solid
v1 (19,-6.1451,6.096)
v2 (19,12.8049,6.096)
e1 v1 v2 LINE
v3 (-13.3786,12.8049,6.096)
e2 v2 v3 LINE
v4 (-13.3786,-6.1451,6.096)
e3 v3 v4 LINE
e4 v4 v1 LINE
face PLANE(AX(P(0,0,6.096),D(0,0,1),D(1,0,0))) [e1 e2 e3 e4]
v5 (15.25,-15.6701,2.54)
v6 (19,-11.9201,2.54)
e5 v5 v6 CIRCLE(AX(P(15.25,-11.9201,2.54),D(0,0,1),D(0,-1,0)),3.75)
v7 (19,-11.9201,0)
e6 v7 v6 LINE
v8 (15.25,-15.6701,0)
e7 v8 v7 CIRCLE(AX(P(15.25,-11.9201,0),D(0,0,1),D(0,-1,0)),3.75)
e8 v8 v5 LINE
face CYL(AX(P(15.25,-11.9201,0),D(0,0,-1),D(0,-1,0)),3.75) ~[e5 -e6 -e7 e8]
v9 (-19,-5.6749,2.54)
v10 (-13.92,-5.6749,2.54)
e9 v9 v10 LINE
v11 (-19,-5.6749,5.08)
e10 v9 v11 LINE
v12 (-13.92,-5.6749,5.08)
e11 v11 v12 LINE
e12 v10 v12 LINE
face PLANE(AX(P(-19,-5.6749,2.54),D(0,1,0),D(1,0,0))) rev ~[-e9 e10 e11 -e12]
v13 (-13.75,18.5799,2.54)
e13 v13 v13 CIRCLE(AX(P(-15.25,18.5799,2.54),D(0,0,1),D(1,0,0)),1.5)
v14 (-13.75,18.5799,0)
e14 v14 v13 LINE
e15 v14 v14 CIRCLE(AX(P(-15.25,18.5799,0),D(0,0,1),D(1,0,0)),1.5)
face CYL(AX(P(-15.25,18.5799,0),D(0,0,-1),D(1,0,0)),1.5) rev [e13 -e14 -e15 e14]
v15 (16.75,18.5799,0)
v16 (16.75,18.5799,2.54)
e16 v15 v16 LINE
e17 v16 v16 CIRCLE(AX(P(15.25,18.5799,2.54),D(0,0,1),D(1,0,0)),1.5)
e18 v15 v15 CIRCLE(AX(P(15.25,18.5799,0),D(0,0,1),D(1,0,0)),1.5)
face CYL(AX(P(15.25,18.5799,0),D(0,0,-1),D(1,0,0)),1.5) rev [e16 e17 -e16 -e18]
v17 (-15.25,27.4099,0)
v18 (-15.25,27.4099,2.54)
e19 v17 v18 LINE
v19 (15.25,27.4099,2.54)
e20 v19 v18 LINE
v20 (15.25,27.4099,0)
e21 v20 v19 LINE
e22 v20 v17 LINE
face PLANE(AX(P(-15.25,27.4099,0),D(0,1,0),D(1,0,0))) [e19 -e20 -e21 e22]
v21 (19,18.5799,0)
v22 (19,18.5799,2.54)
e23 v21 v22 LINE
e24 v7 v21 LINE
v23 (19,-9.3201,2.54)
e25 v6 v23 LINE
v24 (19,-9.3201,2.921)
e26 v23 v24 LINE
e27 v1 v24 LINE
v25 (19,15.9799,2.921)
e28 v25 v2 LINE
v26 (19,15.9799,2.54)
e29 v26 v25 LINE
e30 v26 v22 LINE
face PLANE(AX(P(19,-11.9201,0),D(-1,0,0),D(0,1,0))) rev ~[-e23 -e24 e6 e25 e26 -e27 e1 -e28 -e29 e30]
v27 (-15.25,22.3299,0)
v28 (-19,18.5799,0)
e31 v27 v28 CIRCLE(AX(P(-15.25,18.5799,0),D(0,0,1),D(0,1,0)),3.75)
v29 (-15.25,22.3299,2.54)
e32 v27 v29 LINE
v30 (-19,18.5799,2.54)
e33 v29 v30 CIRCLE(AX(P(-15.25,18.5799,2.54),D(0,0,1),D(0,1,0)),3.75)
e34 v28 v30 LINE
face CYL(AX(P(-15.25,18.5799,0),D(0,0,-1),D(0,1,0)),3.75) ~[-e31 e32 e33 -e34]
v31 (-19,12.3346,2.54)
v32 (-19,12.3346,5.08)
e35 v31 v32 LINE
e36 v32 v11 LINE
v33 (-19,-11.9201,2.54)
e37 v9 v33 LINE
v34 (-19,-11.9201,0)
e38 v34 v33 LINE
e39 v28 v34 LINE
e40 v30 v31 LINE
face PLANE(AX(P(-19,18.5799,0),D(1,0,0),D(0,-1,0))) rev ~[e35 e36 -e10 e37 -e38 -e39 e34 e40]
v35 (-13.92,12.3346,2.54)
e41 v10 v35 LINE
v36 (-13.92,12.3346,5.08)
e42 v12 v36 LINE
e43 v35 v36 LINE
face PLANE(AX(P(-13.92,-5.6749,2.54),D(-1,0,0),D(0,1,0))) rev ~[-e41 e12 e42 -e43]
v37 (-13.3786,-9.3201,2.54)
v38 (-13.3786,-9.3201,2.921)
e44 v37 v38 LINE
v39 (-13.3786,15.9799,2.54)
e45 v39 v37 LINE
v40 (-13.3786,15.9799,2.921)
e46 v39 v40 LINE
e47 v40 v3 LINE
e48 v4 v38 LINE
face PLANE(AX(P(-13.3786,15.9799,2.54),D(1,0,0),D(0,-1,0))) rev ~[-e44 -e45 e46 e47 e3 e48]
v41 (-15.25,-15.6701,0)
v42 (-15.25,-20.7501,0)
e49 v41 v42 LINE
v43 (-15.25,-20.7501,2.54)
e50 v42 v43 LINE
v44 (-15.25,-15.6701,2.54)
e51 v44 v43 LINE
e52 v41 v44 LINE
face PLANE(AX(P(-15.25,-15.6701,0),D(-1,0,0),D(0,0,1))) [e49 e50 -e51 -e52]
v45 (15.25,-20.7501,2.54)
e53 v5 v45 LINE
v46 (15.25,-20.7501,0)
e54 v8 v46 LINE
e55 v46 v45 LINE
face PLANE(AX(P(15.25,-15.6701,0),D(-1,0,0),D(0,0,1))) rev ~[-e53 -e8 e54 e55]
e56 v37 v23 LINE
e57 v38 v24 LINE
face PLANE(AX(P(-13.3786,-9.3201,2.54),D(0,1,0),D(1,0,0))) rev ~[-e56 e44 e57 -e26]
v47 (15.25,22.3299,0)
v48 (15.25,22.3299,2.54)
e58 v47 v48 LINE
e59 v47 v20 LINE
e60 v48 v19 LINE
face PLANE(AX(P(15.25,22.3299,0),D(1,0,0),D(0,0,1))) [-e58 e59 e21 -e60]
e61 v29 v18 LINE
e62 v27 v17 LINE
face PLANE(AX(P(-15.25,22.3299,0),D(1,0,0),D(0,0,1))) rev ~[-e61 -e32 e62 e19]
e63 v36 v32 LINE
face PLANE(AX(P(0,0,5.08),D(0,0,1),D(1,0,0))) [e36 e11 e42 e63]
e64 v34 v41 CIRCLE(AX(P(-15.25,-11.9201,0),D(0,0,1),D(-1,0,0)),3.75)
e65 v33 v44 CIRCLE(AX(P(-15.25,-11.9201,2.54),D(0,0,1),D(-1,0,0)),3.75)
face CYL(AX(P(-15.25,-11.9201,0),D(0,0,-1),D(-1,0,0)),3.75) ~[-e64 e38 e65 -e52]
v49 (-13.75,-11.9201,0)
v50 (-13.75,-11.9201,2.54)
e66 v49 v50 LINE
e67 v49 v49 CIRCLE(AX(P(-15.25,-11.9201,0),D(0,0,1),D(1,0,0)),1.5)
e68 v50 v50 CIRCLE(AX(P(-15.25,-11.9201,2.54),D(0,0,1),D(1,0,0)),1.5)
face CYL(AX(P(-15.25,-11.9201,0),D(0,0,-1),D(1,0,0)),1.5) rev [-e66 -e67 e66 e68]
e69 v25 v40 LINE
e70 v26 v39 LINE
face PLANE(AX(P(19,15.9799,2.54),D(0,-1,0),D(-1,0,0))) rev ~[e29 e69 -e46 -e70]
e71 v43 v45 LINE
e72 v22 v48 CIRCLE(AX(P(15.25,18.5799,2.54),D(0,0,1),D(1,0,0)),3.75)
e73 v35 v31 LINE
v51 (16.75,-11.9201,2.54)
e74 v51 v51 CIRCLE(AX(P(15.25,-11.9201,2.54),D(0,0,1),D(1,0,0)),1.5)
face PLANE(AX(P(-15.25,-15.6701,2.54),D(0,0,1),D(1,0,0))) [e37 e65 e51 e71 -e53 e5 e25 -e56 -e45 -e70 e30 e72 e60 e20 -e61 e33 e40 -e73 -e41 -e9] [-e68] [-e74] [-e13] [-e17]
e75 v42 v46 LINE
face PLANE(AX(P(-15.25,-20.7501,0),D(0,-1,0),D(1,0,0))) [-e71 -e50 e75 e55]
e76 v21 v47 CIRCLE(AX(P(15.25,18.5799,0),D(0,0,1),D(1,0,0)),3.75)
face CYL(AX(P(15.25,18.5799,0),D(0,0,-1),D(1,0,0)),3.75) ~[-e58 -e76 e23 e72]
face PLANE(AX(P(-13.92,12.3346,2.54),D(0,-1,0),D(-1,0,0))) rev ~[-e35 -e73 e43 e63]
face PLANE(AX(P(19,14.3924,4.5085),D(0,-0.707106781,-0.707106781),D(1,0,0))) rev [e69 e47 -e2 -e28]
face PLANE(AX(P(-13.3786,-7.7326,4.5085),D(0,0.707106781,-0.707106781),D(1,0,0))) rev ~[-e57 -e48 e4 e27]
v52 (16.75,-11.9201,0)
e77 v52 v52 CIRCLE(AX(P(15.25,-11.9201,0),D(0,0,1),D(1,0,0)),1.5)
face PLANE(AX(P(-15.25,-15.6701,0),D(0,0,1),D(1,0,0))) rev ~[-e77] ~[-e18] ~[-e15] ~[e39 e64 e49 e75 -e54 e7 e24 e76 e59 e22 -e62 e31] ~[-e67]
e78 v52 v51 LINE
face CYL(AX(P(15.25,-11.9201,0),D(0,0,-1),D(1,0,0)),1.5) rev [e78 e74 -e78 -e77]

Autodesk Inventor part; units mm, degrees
ref_plane "YZ Plane" through (0, 0, 0) normal (1, 0, 0) x (0, 1, 0)
ref_plane "XZ Plane" through (0, 0, 0) normal (0, 1, 0) x (-1, 0, 0)
ref_plane "XY Plane" through (0, 0, 0) normal (0, 0, 1) x (1, 0, 0)
sketch "Sketch1" plane through (0, 0, 0) normal (0, 0, 1) x (1, 0, 0)
  arc A0 (15.6734, 13.8392) -> (14.75, 12.1537) centre (16.75, 12.1537) ccw construction
  line L0 (15.6734, 13.8392) -> (18.0766, 15.3743) construction
  arc A1 (18.0766, 15.3743) -> (19, 17.0598) centre (17, 17.0598) ccw construction
  line L1 (19, 17.0598) -> (19, 30.7058) construction
  arc A2 (24.5861, 42.384) -> (19, 30.7058) centre (34, 30.7058) ccw construction
  line L2 (24.5861, 42.384) -> (28.2876, 45.3677) construction
  arc A3 (28.2876, 45.3677) -> (28.7404, 49.5861) centre (26.4048, 47.7034) ccw construction
  line L3 (28.7404, 49.5861) -> (26.2301, 52.7003) construction
  arc A4 (26.2301, 52.7003) -> (22.0117, 53.1532) centre (23.8944, 50.8175) ccw construction
  line L4 (22.0117, 53.1532) -> (11.4653, 44.6517) construction
  arc A5 (2.0515, 41.3299) -> (11.4653, 44.6517) centre (2.0515, 56.3299) ccw construction
  line L5 (2.0515, 41.3299) -> (-2.0515, 41.3299) construction
  arc A6 (-11.4653, 44.6517) -> (-2.0515, 41.3299) centre (-2.0515, 56.3299) ccw construction
  line L6 (-11.4653, 44.6517) -> (-22.0117, 53.1532) construction
  arc A7 (-22.0117, 53.1532) -> (-26.2301, 52.7003) centre (-23.8944, 50.8175) ccw construction
  line L7 (-26.2301, 52.7003) -> (-28.7404, 49.5861) construction
  arc A8 (-28.7404, 49.5861) -> (-28.2876, 45.3677) centre (-26.4048, 47.7034) ccw construction
  line L8 (-28.2876, 45.3677) -> (-24.5861, 42.384) construction
  arc A9 (-19, 30.7058) -> (-24.5861, 42.384) centre (-34, 30.7058) ccw construction
  line L9 (-19, 30.7058) -> (-19, 17.0598) construction
  arc A10 (-19, 17.0598) -> (-18.0766, 15.3743) centre (-17, 17.0598) ccw construction
  line L10 (-18.0766, 15.3743) -> (-15.6734, 13.8392) construction
  arc A11 (-14.75, 12.1537) -> (-15.6734, 13.8392) centre (-16.75, 12.1537) ccw construction
  line L11 (-14.75, 12.1537) -> (-14.75, -5.494) construction
  arc A12 (-15.6734, -7.1795) -> (-14.75, -5.494) centre (-16.75, -5.494) ccw construction
  line L12 (-15.6734, -7.1795) -> (-18.0766, -8.7146) construction
  arc A13 (-18.0766, -8.7146) -> (-19, -10.4001) centre (-17, -10.4001) ccw construction
  line L13 (-19, -10.4001) -> (-19, -30.7058) construction
  arc A14 (-24.5861, -42.384) -> (-19, -30.7058) centre (-34, -30.7058) ccw construction
  line L14 (-24.5861, -42.384) -> (-28.2876, -45.3677) construction
  arc A15 (-28.2876, -45.3677) -> (-28.7404, -49.5861) centre (-26.4048, -47.7034) ccw construction
  line L15 (-28.7404, -49.5861) -> (-26.2301, -52.7003) construction
  arc A16 (-26.2301, -52.7003) -> (-22.0117, -53.1532) centre (-23.8944, -50.8175) ccw construction
  line L16 (-22.0117, -53.1532) -> (-11.4653, -44.6517) construction
  arc A17 (-2.0515, -41.3299) -> (-11.4653, -44.6517) centre (-2.0515, -56.3299) ccw construction
  line L17 (-2.0515, -41.3299) -> (2.0515, -41.3299) construction
  arc A18 (11.4653, -44.6517) -> (2.0515, -41.3299) centre (2.0515, -56.3299) ccw construction
  line L18 (11.4653, -44.6517) -> (22.0117, -53.1532) construction
  arc A19 (22.0117, -53.1532) -> (26.2301, -52.7003) centre (23.8944, -50.8175) ccw construction
  line L19 (26.2301, -52.7003) -> (28.7404, -49.5861) construction
  arc A20 (28.7404, -49.5861) -> (28.2876, -45.3677) centre (26.4048, -47.7034) ccw construction
  line L20 (28.2876, -45.3677) -> (24.5861, -42.384) construction
  arc A21 (19, -30.7058) -> (24.5861, -42.384) centre (34, -30.7058) ccw construction
  line L21 (19, -30.7058) -> (19, -10.4001) construction
  arc A22 (19, -10.4001) -> (18.0766, -8.7146) centre (17, -10.4001) ccw construction
  line L22 (18.0766, -8.7146) -> (15.6734, -7.1795) construction
  arc A23 (14.75, -5.494) -> (15.6734, -7.1795) centre (16.75, -5.494) ccw construction
  line L23 (14.75, -5.494) -> (14.75, 12.1537) construction
  spline S0 degree 3 poles (8.2673, 8.7575) (8.2937, 7.6146) (8.3178, 6.4713) (8.3615, 4.1764) (8.3811, 3.024) (8.3985, 1.872) knots 0 0 0 0 0.342955 0.342955 0.688597 0.688597 0.688597 0.688597 construction
  arc A24 (7.2587, 0.991) -> (8.3985, 1.872) centre (7.4986, 1.8584) ccw construction
  line L24 (7.2587, 0.991) -> (3.6122, 1.9996) construction
  arc A25 (3.0306, 3.4932) -> (3.6122, 1.9996) centre (3.8788, 2.9634) ccw construction
  line L25 (3.0306, 3.4932) -> (6.6042, 9.2136) construction
  arc A26 (8.2673, 8.7575) -> (6.6042, 9.2136) centre (7.3675, 8.7367) ccw construction
  line L26 (-3.336, -2.3124) -> (-0.2664, -1.464) construction
  arc A27 (0.2664, -1.464) -> (-0.2664, -1.464) centre (0, -2.4278) ccw construction
  line L27 (0.2664, -1.464) -> (3.336, -2.3124) construction
  arc A28 (3.9177, -3.8061) -> (3.336, -2.3124) centre (3.0696, -3.2763) ccw construction
  line L28 (3.9177, -3.8061) -> (0.8481, -8.7198) construction
  arc A29 (-0.8481, -8.7198) -> (0.8481, -8.7198) centre (0, -8.19) ccw construction
  line L29 (-0.8481, -8.7198) -> (-3.9177, -3.8061) construction
  arc A30 (-3.336, -2.3124) -> (-3.9177, -3.8061) centre (-3.0696, -3.2763) ccw construction
  line L30 (6.2794, 18.6976) -> (1.9507, 19.9359) construction
  arc A31 (1.3777, 21.4271) -> (1.9507, 19.9359) centre (2.2258, 20.8973) ccw construction
  line L31 (1.3777, 21.4271) -> (4.6803, 26.7137) construction
  arc A32 (6.5163, 26.3393) -> (4.6803, 26.7137) centre (5.5284, 26.1839) ccw construction
  line L32 (6.5163, 26.3393) -> (7.5423, 19.8143) construction
  arc A33 (6.2794, 18.6976) -> (7.5423, 19.8143) centre (6.5544, 19.659) ccw construction
  line L33 (0.275, 16.6432) -> (4.3044, 15.4905) construction
  arc A34 (4.8775, 13.9992) -> (4.3044, 15.4905) centre (4.0294, 14.529) ccw construction
  line L34 (4.8775, 13.9992) -> (0.8481, 7.5492) construction
  arc A35 (-0.8481, 7.5492) -> (0.8481, 7.5492) centre (0, 8.0791) ccw construction
  line L35 (-0.8481, 7.5492) -> (-4.8775, 13.9992) construction
  arc A36 (-4.3044, 15.4905) -> (-4.8775, 13.9992) centre (-4.0294, 14.529) ccw construction
  line L36 (-4.3044, 15.4905) -> (-0.275, 16.6432) construction
  arc A37 (0.275, 16.6432) -> (-0.275, 16.6432) centre (0, 15.6817) ccw construction
  spline S1 degree 3 poles (-8.3985, 1.872) (-8.3811, 3.024) (-8.3615, 4.1764) (-8.3178, 6.4713) (-8.2937, 7.6146) (-8.2673, 8.7575) knots 0 0 0 0 0.345643 0.345643 0.688601 0.688601 0.688601 0.688601 construction
  arc A38 (-6.6042, 9.2136) -> (-8.2673, 8.7575) centre (-7.3675, 8.7367) ccw construction
  line L37 (-6.6042, 9.2136) -> (-3.0306, 3.4932) construction
  arc A39 (-3.6122, 1.9996) -> (-3.0306, 3.4932) centre (-3.8788, 2.9634) ccw construction
  line L38 (-3.6122, 1.9996) -> (-7.2587, 0.991) construction
  arc A40 (-8.3985, 1.872) -> (-7.2587, 0.991) centre (-7.4986, 1.8584) ccw construction
  line L39 (-4.6803, 26.7137) -> (-1.3777, 21.4271) construction
  arc A41 (-1.9507, 19.9359) -> (-1.3777, 21.4271) centre (-2.2258, 20.8973) ccw construction
  line L40 (-1.9507, 19.9359) -> (-6.2794, 18.6976) construction
  arc A42 (-7.5423, 19.8143) -> (-6.2794, 18.6976) centre (-6.5544, 19.659) ccw construction
  line L41 (-7.5423, 19.8143) -> (-6.5163, 26.3393) construction
  arc A43 (-4.6803, 26.7137) -> (-6.5163, 26.3393) centre (-5.5284, 26.1839) ccw construction
  circle A44 centre (-23.5925, -48.0053) radius 1.475 construction
  arc A45 (3, -16.1701) -> (-3, -16.1701) centre (0, -16.1701) ccw construction
  line L42 (3, -16.1701) -> (3, -28.3299) construction
  arc A46 (-3, -28.3299) -> (3, -28.3299) centre (0, -28.3299) ccw construction
  line L43 (-3, -28.3299) -> (-3, -16.1701) construction
  circle A47 centre (-23.5925, 48.0053) radius 1.475 construction
  circle A48 centre (-10, 13.3299) radius 1.475 construction
  circle A49 centre (-10, -6.6701) radius 1.475 construction
  circle A50 centre (-15.25, -11.9201) radius 1.5 projected
  circle A51 centre (-14.25, -40.4742) radius 1.475 construction
  circle A52 centre (23.5925, -48.0053) radius 1.475 construction
  circle A53 centre (15.25, -11.9201) radius 1.5 projected
  circle A54 centre (14.25, 40.4742) radius 1.475 construction
  circle A55 centre (10, 13.3299) radius 1.475 construction
  circle A56 centre (14.25, -40.4742) radius 1.475 construction
  circle A57 centre (15.25, 18.5799) radius 1.5 projected
  circle A58 centre (-15.25, 18.5799) radius 1.5 projected
  circle A59 centre (10, -6.6701) radius 1.475 construction
  circle A60 centre (-14.25, 40.4742) radius 1.475 construction
  circle A61 centre (23.5925, 48.0053) radius 1.475 construction
  line L44 (19, 22.3299) -> (15.25, 22.3299) construction
  line L45 (-19, 22.3299) -> (-19, 18.5799) construction
  line L46 (-19, -15.6701) -> (-15.25, -15.6701) construction
  line L47 (19, -15.6701) -> (19, -11.9201) construction
  arc A62 (19, 18.5799) -> (15.25, 22.3299) centre (15.25, 18.5799) ccw
  arc A63 (-15.25, 22.3299) -> (-19, 18.5799) centre (-15.25, 18.5799) ccw
  arc A64 (15.25, -15.6701) -> (19, -11.9201) centre (15.25, -11.9201) ccw
  arc A65 (-19, -11.9201) -> (-15.25, -15.6701) centre (-15.25, -11.9201) ccw
  arc A66 (-19, 18.5799) -> (-15.25, 22.3299) centre (-15.25, 18.5799) ccw construction
  arc A67 (15.25, 22.3299) -> (19, 18.5799) centre (15.25, 18.5799) ccw construction
  arc A68 (19, -11.9201) -> (15.25, -15.6701) centre (15.25, -11.9201) ccw construction
  arc A69 (-15.25, -15.6701) -> (-19, -11.9201) centre (-15.25, -11.9201) ccw construction
  line L48 (19, 18.5799) -> (19, 22.3299) construction
  line L49 (15.25, 22.3299) -> (-15.25, 22.3299)
  line L50 (-15.25, 22.3299) -> (-19, 22.3299) construction
  line L51 (-19, 18.5799) -> (-19, -11.9201)
  line L52 (-19, -11.9201) -> (-19, -15.6701) construction
  line L53 (-15.25, -15.6701) -> (15.25, -15.6701)
  line L54 (15.25, -15.6701) -> (19, -15.6701) construction
  line L55 (19, -11.9201) -> (19, 18.5799)
  point P0 (0, 0)
  dimension "d0" = 3.75
  dimension "d1" = 3.75
  dimension "d2" = 3.75
extrude "Extrusion1" add sketch "Sketch1" along normal blind 2.54
sketch "Sketch2" plane through (0, 0, 2.54) normal (0, 0, 1) x (1, 0, 0)
  line L0 (-13.92, 12.3346) -> (-19, 12.3346)
  line L1 (-19, 12.3346) -> (-19, -5.6749)
  line L2 (-19, -5.6749) -> (-13.92, -5.6749)
  line L3 (-13.92, -5.6749) -> (-13.92, 12.3346)
  line L4 (15.25, 22.3299) -> (-15.25, 22.3299) construction
  line L5 (-15.25, -15.6701) -> (15.25, -15.6701) construction
  line L6 (-19, 18.5799) -> (-19, -11.9201) construction
  point P0 (0, 0)
  dimension "d5" = 9.9953
  dimension "d6" = 9.9953
  dimension "d7" = 5.08
extrude "Extrusion2" add sketch "Sketch2" along normal blind 2.54
sketch "Sketch3" plane through (0, 0, 2.54) normal (0, 0, 1) x (1, 0, 0)
  line L0 (19, -11.9201) -> (19, 18.5799) projected
  line L1 (19, 15.9799) -> (-13.3786, 15.9799)
  line L2 (-13.3786, 15.9799) -> (-13.3786, -9.3201)
  line L3 (-13.3786, -9.3201) -> (19, -9.3201)
  line L4 (19, -9.3201) -> (19, 15.9799)
  line L5 (15.25, 22.3299) -> (-15.25, 22.3299) projected
  line L6 (-15.25, -15.6701) -> (15.25, -15.6701) projected
  point P0 (0, 0)
  dimension "d10" = 6.35
  dimension "d11" = 6.35
extrude "Extrusion3" add sketch "Sketch3" along normal blind 3.556
chamfer "Chamfer1" distance 3.175 angle 45 1 edges at (2.8107, 15.9799, 6.096)
chamfer "Chamfer2" distance 3.175 angle 45 1 edges at (2.8107, -9.3201, 6.096)
sketch "Sketch4" plane through (-15.25, 22.3299, 0) normal (0, 1, 0) x (1, 0, 0)
  line L0 (30.5, 0) -> (0, 0) projected
  line L1 (0, 0) -> (0, -2.54) projected
  line L2 (30.5, -2.54) -> (0, -2.54) projected
  line L3 (30.5, 0) -> (30.5, -2.54) projected
  point P0 (15.25, 0)
extrude "Extrusion4" add sketch "Sketch4" along normal blind 5.08
sketch "Sketch5" plane through (-15.25, -15.6701, 0) normal (0, -1, 0) x (1, 0, 0)
  line L0 (0, 0) -> (30.5, 0) projected
  line L1 (30.5, 0) -> (30.5, 2.54) projected
  line L2 (0, 2.54) -> (30.5, 2.54) projected
  line L3 (0, 0) -> (0, 2.54) projected
  point P0 (15.25, 0)
extrude "Extrusion5" add sketch "Sketch5" along normal blind 5.08
equation "\"d1\" = d0"
equation "\"d2\" = d0"
equation "\"d6\" = d5"
equation "\"d11\" = d10"
properties part number "Velox ESC"
